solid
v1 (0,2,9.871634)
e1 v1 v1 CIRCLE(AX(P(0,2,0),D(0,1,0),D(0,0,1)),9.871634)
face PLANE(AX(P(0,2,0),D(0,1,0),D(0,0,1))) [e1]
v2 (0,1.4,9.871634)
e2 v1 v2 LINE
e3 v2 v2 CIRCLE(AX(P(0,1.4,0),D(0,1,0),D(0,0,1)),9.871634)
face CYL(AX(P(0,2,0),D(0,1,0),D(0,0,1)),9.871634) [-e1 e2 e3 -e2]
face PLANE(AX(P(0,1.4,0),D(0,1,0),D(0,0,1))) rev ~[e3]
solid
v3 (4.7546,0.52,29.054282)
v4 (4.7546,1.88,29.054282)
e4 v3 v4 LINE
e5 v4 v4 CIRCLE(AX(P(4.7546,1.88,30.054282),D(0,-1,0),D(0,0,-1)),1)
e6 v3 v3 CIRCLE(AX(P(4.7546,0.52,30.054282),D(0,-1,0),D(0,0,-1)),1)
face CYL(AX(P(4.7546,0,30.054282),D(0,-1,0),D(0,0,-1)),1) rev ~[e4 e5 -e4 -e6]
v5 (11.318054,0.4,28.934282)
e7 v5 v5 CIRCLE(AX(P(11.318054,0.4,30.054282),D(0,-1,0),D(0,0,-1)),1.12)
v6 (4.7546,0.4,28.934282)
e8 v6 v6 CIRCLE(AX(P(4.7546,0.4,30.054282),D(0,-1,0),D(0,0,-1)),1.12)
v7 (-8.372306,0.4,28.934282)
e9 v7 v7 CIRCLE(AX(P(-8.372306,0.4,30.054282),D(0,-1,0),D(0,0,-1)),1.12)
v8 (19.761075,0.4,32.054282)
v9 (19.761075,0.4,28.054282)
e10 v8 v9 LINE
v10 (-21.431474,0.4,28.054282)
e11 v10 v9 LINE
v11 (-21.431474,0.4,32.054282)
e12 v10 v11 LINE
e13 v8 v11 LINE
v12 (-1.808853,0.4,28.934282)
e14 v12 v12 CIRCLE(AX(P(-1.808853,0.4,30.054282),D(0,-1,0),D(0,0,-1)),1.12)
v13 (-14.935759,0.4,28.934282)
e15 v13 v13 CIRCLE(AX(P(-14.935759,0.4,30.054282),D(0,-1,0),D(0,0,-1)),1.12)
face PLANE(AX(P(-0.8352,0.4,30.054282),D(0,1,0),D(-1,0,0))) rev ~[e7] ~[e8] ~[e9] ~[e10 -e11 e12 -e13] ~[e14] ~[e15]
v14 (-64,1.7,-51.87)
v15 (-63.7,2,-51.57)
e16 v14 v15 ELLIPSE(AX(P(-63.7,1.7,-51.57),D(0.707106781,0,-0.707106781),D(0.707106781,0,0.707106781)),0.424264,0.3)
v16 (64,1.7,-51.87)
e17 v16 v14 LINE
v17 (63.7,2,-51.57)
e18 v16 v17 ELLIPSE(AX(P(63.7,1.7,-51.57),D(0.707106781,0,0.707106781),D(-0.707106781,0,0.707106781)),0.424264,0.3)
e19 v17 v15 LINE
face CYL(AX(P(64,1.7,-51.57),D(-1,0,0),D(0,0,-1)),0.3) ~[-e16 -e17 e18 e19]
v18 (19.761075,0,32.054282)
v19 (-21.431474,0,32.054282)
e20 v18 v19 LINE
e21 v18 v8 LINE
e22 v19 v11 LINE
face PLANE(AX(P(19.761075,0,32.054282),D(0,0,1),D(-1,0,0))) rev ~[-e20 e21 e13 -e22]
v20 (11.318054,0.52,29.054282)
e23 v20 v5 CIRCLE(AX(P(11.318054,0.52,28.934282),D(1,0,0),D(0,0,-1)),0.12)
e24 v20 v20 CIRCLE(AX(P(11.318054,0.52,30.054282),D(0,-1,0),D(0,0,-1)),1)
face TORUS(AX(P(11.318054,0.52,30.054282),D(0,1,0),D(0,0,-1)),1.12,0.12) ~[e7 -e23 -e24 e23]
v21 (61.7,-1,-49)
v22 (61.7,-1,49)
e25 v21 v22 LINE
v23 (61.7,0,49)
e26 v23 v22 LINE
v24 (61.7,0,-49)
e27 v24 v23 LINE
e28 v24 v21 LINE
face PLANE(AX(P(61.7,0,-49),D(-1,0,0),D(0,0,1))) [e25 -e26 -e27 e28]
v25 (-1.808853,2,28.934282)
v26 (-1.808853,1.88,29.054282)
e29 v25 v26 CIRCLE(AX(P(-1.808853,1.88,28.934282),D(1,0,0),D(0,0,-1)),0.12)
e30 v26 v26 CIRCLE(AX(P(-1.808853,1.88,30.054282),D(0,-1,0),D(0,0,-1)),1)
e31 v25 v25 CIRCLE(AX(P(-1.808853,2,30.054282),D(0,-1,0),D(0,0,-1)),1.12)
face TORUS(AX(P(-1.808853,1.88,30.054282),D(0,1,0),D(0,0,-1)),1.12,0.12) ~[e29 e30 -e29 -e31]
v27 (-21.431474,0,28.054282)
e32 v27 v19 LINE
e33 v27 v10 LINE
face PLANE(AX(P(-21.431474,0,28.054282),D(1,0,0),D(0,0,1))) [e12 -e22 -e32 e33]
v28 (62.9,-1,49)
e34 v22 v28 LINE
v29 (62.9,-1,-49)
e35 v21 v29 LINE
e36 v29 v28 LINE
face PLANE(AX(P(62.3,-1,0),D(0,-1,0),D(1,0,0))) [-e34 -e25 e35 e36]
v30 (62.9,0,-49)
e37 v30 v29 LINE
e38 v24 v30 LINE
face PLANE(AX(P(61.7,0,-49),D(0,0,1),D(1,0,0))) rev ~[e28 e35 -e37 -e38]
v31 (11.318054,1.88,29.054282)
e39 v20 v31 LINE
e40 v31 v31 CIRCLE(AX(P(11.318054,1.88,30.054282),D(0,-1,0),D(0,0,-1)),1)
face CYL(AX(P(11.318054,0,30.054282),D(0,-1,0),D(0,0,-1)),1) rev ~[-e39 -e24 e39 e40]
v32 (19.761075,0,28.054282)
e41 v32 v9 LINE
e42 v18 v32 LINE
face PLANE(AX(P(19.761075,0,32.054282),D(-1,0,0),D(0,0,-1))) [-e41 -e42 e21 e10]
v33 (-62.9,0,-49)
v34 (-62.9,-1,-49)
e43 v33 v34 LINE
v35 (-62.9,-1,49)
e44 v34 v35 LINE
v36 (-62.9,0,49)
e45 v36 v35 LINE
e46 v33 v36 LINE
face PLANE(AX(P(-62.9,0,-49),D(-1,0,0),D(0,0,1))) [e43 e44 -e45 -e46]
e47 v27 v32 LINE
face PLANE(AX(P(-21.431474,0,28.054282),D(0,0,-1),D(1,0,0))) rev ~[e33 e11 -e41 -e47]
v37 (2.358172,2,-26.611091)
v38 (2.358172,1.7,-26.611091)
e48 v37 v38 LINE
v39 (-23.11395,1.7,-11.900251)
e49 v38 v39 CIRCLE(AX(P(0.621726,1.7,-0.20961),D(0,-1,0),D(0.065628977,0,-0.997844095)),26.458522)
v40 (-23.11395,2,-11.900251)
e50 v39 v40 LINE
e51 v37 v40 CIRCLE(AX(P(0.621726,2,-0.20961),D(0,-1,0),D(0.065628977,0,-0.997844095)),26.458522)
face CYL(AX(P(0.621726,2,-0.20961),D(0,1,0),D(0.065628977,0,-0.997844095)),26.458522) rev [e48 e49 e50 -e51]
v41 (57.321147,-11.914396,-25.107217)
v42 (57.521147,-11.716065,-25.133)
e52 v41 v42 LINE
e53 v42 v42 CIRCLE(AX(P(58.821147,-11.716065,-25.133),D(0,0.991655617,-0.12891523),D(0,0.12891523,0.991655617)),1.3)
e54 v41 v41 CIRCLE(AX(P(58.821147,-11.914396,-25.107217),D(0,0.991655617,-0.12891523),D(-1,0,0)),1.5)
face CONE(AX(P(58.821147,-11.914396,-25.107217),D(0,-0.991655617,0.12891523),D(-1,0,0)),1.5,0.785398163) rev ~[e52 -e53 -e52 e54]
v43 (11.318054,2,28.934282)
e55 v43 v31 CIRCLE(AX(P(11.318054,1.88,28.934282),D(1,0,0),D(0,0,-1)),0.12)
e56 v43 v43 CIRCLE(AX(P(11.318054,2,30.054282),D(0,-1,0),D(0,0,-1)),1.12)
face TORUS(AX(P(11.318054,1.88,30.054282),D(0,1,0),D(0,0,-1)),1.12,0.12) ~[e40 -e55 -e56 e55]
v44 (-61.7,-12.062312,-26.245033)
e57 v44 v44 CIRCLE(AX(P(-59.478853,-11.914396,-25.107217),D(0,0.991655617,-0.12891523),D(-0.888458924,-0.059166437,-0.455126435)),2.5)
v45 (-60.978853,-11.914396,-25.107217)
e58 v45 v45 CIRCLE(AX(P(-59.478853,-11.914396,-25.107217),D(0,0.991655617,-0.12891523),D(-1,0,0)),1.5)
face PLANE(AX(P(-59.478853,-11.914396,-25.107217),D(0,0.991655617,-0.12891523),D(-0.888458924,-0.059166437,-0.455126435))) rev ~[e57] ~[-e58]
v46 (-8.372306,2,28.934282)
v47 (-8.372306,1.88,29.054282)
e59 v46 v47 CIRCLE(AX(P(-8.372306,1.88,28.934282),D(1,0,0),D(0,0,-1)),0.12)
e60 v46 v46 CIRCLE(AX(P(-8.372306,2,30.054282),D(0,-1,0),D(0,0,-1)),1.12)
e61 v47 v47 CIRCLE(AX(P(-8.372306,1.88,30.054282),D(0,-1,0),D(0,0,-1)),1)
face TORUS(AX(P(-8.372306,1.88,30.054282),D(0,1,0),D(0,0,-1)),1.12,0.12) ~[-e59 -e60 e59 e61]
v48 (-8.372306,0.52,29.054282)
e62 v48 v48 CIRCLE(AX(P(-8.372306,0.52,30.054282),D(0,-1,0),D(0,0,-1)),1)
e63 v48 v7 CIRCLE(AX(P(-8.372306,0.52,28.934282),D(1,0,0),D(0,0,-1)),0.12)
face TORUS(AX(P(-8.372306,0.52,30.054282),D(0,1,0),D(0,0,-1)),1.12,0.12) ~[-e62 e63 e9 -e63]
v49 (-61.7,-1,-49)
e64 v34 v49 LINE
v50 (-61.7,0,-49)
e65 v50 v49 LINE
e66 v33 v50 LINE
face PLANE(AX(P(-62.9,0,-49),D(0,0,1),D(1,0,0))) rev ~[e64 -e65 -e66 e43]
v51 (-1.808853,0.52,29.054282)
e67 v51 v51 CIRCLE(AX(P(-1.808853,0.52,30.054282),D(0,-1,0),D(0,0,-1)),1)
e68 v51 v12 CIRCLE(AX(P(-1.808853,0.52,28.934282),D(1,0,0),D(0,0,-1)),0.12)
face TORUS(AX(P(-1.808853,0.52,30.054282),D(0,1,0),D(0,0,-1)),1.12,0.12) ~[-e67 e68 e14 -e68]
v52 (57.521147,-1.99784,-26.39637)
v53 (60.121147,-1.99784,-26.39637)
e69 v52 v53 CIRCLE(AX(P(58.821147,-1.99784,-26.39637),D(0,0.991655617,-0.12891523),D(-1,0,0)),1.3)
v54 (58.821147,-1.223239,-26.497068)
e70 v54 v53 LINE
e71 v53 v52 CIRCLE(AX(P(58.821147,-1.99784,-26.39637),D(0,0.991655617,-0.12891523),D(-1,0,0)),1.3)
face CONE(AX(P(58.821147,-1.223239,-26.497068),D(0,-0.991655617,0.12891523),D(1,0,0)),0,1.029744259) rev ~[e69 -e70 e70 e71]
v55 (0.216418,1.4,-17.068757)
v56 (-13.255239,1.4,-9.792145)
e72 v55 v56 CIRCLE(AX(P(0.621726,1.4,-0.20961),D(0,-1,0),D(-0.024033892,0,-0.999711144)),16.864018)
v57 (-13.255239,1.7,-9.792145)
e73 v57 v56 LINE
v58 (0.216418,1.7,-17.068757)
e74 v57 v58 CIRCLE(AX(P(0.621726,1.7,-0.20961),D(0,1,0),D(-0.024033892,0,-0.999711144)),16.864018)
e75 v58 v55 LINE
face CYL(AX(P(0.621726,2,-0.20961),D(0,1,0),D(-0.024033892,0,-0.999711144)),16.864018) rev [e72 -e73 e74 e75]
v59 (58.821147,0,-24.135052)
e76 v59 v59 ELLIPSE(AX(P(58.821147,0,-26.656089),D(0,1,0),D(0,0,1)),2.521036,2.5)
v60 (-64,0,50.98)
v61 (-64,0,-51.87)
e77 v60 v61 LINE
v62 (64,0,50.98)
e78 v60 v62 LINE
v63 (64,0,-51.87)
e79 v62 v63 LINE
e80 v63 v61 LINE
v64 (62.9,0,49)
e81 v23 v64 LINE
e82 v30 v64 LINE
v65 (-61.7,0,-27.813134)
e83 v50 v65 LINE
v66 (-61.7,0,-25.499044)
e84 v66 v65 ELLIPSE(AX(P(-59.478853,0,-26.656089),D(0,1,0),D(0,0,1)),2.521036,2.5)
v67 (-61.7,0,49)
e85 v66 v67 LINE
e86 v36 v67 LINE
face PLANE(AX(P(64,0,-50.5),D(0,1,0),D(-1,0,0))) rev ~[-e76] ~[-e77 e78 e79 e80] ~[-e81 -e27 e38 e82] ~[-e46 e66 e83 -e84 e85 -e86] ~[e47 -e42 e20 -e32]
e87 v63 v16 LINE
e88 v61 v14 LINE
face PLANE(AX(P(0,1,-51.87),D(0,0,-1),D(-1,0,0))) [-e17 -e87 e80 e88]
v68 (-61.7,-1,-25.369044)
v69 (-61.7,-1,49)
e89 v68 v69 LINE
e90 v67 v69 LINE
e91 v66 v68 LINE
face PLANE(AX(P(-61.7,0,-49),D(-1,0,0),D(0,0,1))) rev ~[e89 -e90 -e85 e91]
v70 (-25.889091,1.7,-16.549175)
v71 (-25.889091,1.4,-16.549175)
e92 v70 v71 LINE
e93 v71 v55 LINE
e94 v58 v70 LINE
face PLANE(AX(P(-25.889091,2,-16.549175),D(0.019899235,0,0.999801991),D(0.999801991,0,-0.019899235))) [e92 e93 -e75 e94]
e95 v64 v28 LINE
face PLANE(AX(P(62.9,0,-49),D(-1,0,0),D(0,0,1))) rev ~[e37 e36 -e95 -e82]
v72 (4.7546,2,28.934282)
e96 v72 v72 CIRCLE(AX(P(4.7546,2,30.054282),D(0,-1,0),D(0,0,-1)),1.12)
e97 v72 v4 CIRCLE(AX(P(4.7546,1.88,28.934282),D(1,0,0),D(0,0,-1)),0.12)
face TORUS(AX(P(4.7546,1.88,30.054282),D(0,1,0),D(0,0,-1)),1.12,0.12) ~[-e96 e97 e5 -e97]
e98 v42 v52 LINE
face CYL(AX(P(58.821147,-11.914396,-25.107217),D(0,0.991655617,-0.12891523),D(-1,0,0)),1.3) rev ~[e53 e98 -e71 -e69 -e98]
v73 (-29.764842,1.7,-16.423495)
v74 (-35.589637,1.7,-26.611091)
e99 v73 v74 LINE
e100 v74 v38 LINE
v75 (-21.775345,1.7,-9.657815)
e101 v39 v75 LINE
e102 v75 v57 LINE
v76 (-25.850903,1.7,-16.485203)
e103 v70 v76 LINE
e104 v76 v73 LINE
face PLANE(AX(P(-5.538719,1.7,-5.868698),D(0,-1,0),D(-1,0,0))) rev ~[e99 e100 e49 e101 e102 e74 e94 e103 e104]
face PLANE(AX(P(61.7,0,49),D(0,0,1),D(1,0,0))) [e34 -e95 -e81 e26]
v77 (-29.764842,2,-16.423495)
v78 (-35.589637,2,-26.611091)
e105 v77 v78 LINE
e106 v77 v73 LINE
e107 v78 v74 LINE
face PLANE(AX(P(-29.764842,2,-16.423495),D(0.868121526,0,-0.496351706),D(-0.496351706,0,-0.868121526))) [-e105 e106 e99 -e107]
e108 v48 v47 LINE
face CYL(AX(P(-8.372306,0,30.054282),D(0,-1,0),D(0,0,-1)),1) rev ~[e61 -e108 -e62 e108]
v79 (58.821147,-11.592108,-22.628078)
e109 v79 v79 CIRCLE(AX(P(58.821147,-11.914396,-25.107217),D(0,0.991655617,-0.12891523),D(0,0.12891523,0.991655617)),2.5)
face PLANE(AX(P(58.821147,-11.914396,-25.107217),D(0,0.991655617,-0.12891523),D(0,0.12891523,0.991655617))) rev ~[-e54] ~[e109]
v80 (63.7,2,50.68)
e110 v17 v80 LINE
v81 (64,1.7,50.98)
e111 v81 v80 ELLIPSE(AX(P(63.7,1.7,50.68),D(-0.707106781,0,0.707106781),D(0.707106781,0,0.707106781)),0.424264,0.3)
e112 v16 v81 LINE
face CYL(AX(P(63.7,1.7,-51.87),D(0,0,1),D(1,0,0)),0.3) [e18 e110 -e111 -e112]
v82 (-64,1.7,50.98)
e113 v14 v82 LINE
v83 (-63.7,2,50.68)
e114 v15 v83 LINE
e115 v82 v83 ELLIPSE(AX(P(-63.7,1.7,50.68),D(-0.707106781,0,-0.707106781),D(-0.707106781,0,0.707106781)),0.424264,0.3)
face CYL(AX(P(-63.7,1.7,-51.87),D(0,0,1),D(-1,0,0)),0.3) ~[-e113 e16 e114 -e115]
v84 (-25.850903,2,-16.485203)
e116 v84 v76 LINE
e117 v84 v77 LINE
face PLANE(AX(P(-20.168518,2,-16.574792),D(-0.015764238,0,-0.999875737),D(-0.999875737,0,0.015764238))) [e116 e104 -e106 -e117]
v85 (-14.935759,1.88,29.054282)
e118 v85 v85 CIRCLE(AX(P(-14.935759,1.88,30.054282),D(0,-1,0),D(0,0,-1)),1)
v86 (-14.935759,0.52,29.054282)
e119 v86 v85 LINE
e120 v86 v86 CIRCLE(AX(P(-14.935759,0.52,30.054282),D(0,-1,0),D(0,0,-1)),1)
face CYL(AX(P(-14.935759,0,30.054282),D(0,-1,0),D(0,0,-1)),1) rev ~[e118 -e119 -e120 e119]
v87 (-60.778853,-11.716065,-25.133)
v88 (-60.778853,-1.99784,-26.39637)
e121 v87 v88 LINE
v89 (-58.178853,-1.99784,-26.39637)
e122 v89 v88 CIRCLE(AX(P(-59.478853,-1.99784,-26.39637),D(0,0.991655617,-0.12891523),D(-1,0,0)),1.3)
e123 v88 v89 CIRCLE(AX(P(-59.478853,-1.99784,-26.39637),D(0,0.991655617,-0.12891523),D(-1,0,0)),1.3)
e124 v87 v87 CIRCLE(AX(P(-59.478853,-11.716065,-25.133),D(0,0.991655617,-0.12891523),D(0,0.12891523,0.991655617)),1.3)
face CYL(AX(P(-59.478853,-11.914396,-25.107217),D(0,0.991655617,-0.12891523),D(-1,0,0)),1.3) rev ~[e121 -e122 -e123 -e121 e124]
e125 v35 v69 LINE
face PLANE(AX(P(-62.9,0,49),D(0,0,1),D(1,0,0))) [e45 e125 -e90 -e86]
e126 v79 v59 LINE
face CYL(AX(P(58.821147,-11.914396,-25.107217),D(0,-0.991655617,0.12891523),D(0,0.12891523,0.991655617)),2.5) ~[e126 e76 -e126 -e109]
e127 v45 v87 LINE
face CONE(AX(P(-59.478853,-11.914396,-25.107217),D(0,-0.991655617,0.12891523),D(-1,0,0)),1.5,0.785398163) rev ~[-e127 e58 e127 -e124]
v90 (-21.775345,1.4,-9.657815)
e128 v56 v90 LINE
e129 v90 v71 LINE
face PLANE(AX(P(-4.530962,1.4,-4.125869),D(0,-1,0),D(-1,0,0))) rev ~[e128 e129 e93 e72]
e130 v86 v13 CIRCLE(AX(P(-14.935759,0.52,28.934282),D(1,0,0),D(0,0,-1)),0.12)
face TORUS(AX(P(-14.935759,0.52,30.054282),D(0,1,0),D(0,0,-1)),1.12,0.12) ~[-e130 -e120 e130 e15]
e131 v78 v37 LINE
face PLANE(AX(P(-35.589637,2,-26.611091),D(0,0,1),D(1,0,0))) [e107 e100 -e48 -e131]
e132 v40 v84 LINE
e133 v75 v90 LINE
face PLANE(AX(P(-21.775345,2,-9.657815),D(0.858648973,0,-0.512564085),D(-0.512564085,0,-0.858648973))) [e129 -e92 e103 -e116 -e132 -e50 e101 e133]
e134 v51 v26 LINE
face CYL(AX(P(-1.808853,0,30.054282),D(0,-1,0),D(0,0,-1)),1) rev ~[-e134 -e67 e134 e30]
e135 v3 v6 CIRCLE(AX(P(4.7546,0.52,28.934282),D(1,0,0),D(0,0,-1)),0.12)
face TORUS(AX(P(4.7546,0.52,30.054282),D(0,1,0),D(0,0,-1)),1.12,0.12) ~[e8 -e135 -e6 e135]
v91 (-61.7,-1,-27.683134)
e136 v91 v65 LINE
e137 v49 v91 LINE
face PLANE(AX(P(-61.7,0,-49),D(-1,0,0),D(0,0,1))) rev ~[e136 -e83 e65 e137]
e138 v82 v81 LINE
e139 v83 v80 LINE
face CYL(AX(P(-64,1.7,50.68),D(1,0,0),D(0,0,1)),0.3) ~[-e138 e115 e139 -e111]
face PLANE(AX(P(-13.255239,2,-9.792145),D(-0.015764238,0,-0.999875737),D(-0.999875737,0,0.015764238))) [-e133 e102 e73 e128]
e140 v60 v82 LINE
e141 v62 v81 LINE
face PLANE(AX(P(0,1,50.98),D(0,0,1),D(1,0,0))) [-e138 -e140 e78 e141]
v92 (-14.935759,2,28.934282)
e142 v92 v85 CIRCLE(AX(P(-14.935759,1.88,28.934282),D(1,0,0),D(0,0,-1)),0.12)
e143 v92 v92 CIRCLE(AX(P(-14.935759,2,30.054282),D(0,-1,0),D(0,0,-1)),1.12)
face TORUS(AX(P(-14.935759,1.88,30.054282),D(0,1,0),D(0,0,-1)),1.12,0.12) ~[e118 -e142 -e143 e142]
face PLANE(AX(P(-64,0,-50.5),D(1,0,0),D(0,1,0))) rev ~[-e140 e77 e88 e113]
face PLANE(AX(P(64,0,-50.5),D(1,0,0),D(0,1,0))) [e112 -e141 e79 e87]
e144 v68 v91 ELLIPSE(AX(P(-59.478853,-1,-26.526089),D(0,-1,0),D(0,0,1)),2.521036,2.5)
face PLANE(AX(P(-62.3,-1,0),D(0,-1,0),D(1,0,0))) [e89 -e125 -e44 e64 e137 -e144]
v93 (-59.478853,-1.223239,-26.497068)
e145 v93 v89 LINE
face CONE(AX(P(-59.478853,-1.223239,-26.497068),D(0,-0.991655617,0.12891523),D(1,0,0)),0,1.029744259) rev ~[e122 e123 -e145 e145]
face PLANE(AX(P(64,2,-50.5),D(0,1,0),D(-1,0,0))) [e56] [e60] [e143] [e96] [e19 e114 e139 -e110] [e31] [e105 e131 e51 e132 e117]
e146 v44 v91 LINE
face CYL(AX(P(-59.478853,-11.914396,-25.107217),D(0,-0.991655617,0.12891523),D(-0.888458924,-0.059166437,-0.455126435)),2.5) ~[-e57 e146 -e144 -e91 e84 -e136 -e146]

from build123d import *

# Parameters (mm, degrees)
SKETCH1_W                      = 128
SKETCH1_H                      = 101
BOSS_EXTRUDE1_DEPTH            = 2
SKETCH2_W                      = 1.2
SKETCH2_H                      = 98
BOSS_EXTRUDE2_DEPTH            = 1
SKETCH3_W                      = 128
SKETCH3_H                      = 2
BOSS_EXTRUDE3_DEPTH            = 0.48
SKETCH4_W                      = 128
SKETCH4_H                      = 2
BOSS_EXTRUDE4_DEPTH            = 1.37
BOSS_EXTRUDE5_START            = 2
SKETCH5_R                      = 2.5
BOSS_EXTRUDE5_DEPTH            = 13
M3_CLEARANCE_HOLE1_D           = 2.6
M3_CLEARANCE_HOLE1_DEPTH       = 10
M3_CLEARANCE_HOLE1_CSINK_D     = 3
M3_CLEARANCE_HOLE1_CSINK_ANGLE = 90
M3_CLEARANCE_HOLE1_TIP         = 0.781118805
M3_CLEARANCE_HOLE2_D           = 2.6
M3_CLEARANCE_HOLE2_DEPTH       = 10
M3_CLEARANCE_HOLE2_CSINK_D     = 3
M3_CLEARANCE_HOLE2_CSINK_ANGLE = 90
M3_CLEARANCE_HOLE2_TIP         = 0.781118805
SKETCH14_R                     = 1
CUT_EXTRUDE1_DEPTH             = 5
CUT_EXTRUDE2_DEPTH             = 0.4
CUT_EXTRUDE4_DEPTH             = 0.3
CUT_EXTRUDE5_DEPTH             = 0.6
SKETCH30_R                     = 9.871633986
BOSS_EXTRUDE13_DEPTH           = 0.6
FILLET1_R                      = 0.3
FILLET2_R                      = 0.12


with BuildPart() as part:
    # Sketch1 → Boss-Extrude1 (new body)
    with BuildSketch(Plane(origin=(0, 0, 0), x_dir=(1, 0, 0), z_dir=(0, 1, 0))):
        Rectangle(SKETCH1_W, SKETCH1_H)
    extrude(amount=BOSS_EXTRUDE1_DEPTH)

    # Sketch2 → Boss-Extrude2 (add)
    with BuildSketch(Plane.XZ):
        with Locations((62.3, 0)):
            Rectangle(SKETCH2_W, SKETCH2_H)
        with Locations((-62.3, 0)):
            Rectangle(SKETCH2_W, SKETCH2_H)
    extrude(amount=BOSS_EXTRUDE2_DEPTH)

    # Sketch3 → Boss-Extrude3 (add)
    with BuildSketch(Plane.XY.offset(50.5)):
        with Locations((0, 1)):
            Rectangle(SKETCH3_W, SKETCH3_H)
    extrude(amount=BOSS_EXTRUDE3_DEPTH)

    # Sketch4 → Boss-Extrude4 (add)
    with BuildSketch(Plane(origin=(0, 0, -50.5), x_dir=(-1, 0, 0), z_dir=(0, 0, -1))):
        with Locations((0, 1)):
            Rectangle(SKETCH4_W, SKETCH4_H)
    extrude(amount=BOSS_EXTRUDE4_DEPTH)

    # Sketch5 → Boss-Extrude5 (add)
    with BuildSketch(Plane(origin=(0, -10.49000593, 1.363700771), x_dir=(1, 0, 0), z_dir=(0, 0.9916556173432378, -0.12891523025462098)).offset(BOSS_EXTRUDE5_START)):
        with Locations(Location((-59.478852689, 26.433660117, 0), (0, 0, 152.68023031))):
            Circle(SKETCH5_R)
        with Locations(Location((58.821147316, 26.433660117, 0), (0, 0, 270))):
            Circle(SKETCH5_R)
    extrude(amount=BOSS_EXTRUDE5_DEPTH)

    # M3 Clearance Hole1
    with Locations(Plane(origin=(0, -8.506694695, 1.10587031), x_dir=(1, 0, 0), z_dir=(0, -0.9916556173432378, 0.12891523025462098))):
        with Locations((58.821147316, -26.433660117)):
            CounterSinkHole(M3_CLEARANCE_HOLE1_D / 2, M3_CLEARANCE_HOLE1_CSINK_D / 2, depth=M3_CLEARANCE_HOLE1_DEPTH, counter_sink_angle=M3_CLEARANCE_HOLE1_CSINK_ANGLE)
            with Locations((0, 0, -(M3_CLEARANCE_HOLE1_DEPTH + M3_CLEARANCE_HOLE1_TIP / 2))):  # 118° drill point
                Cone(0, M3_CLEARANCE_HOLE1_D / 2, M3_CLEARANCE_HOLE1_TIP, mode=Mode.SUBTRACT)

    # M3 Clearance Hole2
    with Locations(Plane(origin=(0, -8.506694695, 1.10587031), x_dir=(1, 0, 0), z_dir=(0, -0.9916556173432378, 0.12891523025462098))):
        with Locations((-59.478852689, -26.433660117)):
            CounterSinkHole(M3_CLEARANCE_HOLE2_D / 2, M3_CLEARANCE_HOLE2_CSINK_D / 2, depth=M3_CLEARANCE_HOLE2_DEPTH, counter_sink_angle=M3_CLEARANCE_HOLE2_CSINK_ANGLE)
            with Locations((0, 0, -(M3_CLEARANCE_HOLE2_DEPTH + M3_CLEARANCE_HOLE2_TIP / 2))):  # 118° drill point
                Cone(0, M3_CLEARANCE_HOLE2_D / 2, M3_CLEARANCE_HOLE2_TIP, mode=Mode.SUBTRACT)

    # Sketch14 → Cut-Extrude1 (cut)
    with BuildSketch(Plane.XZ):
        with Locations(Location((-8.372305841, 30.05428165, 0), (0, 0, 270))):
            Circle(SKETCH14_R)
        with Locations(Location((4.754600466, 30.05428165, 0), (0, 0, 270))):
            Circle(SKETCH14_R)
        with Locations(Location((11.318053619, 30.05428165, 0), (0, 0, 270))):
            Circle(SKETCH14_R)
        with Locations(Location((-14.935758995, 30.05428165, 0), (0, 0, 270))):
            Circle(SKETCH14_R)
        with Locations(Location((-1.808852688, 30.05428165, 0), (0, 0, 270))):
            Circle(SKETCH14_R)
    extrude(amount=-CUT_EXTRUDE1_DEPTH, mode=Mode.SUBTRACT)

    # Sketch15 → Cut-Extrude2 (cut)
    with BuildSketch(Plane.XZ):
        Polygon((-16.43147406, 32.05428165), (14.761074601, 32.05428165), (19.761074601, 32.05428165), (19.761074601, 28.05428165), (14.761074601, 28.05428165), (-16.43147406, 28.05428165), (-21.43147406, 28.05428165), (-21.43147406, 32.05428165), align=None)
    extrude(amount=-CUT_EXTRUDE2_DEPTH, mode=Mode.SUBTRACT)

    # Sketch31 → Cut-Extrude4 (cut)
    with BuildSketch(Plane(origin=(0, 2, 0), x_dir=(1, 0, 0), z_dir=(0, 1, 0))):
        with BuildLine():
            Line((-35.589637389, 26.611090632), (2.358171766, 26.611090632))
            ThreePointArc((2.358171766, 26.611090632), (11.389438086, -23.958753128), (-20.168517513, 16.574792334))
            Line((-20.168517513, 16.574792334), (-29.764841633, 16.423494794))
            Line((-29.764841633, 16.423494794), (-35.589637389, 26.611090632))
        make_face()
    extrude(amount=-CUT_EXTRUDE4_DEPTH, mode=Mode.SUBTRACT)

    # Sketch29 → Cut-Extrude5 (cut)
    with BuildSketch(Plane(origin=(0, 2, 0), x_dir=(1, 0, 0), z_dir=(0, 1, 0))):
        with BuildLine():
            Line((-25.889090528, 16.549174918), (0.216418019, 17.068757453))
            ThreePointArc((0.216418019, 17.068757453), (8.636281726, -14.628247298), (-13.255238872, 9.79214461))
            Line((-13.255238872, 9.79214461), (-21.775344713, 9.65781494))
            Line((-21.775344713, 9.65781494), (-25.889090528, 16.549174918))
        make_face()
    extrude(amount=-CUT_EXTRUDE5_DEPTH, mode=Mode.SUBTRACT)

    # Fillet1
    fillet1_edges = [part.edges().sort_by_distance(p)[0] for p in [
        (-64, 2, -0.445),
        (0, 2, 50.98),
        (64, 2, -0.445),
        (0, 2, -51.87),
    ]]
    fillet(fillet1_edges, radius=FILLET1_R)

    # Fillet2
    fillet2_edges = [part.edges().sort_by_distance(p)[0] for p in [
        (-1.808852688, 2, 31.05428165),
        (-14.935758995, 2, 31.05428165),
        (11.318053619, 2, 31.05428165),
        (4.754600466, 2, 31.05428165),
        (-8.372305841, 2, 31.05428165),
        (-8.372305841, 0.4, 31.05428165),
        (4.754600466, 0.4, 31.05428165),
        (11.318053619, 0.4, 31.05428165),
        (-14.935758995, 0.4, 31.05428165),
        (-1.808852688, 0.4, 31.05428165),
    ]]
    fillet(fillet2_edges, radius=FILLET2_R)


with BuildPart() as body_2:
    # Sketch30 → Boss-Extrude13 (new body)
    with BuildSketch(Plane(origin=(0, 2, 0), x_dir=(1, 0, 0), z_dir=(0, 1, 0))):
        with Locations(Location((0, 0, 0), (0, 0, 270))):
            Circle(SKETCH30_R)
    extrude(amount=-BOSS_EXTRUDE13_DEPTH)


solid = Compound([part.part, body_2.part])
